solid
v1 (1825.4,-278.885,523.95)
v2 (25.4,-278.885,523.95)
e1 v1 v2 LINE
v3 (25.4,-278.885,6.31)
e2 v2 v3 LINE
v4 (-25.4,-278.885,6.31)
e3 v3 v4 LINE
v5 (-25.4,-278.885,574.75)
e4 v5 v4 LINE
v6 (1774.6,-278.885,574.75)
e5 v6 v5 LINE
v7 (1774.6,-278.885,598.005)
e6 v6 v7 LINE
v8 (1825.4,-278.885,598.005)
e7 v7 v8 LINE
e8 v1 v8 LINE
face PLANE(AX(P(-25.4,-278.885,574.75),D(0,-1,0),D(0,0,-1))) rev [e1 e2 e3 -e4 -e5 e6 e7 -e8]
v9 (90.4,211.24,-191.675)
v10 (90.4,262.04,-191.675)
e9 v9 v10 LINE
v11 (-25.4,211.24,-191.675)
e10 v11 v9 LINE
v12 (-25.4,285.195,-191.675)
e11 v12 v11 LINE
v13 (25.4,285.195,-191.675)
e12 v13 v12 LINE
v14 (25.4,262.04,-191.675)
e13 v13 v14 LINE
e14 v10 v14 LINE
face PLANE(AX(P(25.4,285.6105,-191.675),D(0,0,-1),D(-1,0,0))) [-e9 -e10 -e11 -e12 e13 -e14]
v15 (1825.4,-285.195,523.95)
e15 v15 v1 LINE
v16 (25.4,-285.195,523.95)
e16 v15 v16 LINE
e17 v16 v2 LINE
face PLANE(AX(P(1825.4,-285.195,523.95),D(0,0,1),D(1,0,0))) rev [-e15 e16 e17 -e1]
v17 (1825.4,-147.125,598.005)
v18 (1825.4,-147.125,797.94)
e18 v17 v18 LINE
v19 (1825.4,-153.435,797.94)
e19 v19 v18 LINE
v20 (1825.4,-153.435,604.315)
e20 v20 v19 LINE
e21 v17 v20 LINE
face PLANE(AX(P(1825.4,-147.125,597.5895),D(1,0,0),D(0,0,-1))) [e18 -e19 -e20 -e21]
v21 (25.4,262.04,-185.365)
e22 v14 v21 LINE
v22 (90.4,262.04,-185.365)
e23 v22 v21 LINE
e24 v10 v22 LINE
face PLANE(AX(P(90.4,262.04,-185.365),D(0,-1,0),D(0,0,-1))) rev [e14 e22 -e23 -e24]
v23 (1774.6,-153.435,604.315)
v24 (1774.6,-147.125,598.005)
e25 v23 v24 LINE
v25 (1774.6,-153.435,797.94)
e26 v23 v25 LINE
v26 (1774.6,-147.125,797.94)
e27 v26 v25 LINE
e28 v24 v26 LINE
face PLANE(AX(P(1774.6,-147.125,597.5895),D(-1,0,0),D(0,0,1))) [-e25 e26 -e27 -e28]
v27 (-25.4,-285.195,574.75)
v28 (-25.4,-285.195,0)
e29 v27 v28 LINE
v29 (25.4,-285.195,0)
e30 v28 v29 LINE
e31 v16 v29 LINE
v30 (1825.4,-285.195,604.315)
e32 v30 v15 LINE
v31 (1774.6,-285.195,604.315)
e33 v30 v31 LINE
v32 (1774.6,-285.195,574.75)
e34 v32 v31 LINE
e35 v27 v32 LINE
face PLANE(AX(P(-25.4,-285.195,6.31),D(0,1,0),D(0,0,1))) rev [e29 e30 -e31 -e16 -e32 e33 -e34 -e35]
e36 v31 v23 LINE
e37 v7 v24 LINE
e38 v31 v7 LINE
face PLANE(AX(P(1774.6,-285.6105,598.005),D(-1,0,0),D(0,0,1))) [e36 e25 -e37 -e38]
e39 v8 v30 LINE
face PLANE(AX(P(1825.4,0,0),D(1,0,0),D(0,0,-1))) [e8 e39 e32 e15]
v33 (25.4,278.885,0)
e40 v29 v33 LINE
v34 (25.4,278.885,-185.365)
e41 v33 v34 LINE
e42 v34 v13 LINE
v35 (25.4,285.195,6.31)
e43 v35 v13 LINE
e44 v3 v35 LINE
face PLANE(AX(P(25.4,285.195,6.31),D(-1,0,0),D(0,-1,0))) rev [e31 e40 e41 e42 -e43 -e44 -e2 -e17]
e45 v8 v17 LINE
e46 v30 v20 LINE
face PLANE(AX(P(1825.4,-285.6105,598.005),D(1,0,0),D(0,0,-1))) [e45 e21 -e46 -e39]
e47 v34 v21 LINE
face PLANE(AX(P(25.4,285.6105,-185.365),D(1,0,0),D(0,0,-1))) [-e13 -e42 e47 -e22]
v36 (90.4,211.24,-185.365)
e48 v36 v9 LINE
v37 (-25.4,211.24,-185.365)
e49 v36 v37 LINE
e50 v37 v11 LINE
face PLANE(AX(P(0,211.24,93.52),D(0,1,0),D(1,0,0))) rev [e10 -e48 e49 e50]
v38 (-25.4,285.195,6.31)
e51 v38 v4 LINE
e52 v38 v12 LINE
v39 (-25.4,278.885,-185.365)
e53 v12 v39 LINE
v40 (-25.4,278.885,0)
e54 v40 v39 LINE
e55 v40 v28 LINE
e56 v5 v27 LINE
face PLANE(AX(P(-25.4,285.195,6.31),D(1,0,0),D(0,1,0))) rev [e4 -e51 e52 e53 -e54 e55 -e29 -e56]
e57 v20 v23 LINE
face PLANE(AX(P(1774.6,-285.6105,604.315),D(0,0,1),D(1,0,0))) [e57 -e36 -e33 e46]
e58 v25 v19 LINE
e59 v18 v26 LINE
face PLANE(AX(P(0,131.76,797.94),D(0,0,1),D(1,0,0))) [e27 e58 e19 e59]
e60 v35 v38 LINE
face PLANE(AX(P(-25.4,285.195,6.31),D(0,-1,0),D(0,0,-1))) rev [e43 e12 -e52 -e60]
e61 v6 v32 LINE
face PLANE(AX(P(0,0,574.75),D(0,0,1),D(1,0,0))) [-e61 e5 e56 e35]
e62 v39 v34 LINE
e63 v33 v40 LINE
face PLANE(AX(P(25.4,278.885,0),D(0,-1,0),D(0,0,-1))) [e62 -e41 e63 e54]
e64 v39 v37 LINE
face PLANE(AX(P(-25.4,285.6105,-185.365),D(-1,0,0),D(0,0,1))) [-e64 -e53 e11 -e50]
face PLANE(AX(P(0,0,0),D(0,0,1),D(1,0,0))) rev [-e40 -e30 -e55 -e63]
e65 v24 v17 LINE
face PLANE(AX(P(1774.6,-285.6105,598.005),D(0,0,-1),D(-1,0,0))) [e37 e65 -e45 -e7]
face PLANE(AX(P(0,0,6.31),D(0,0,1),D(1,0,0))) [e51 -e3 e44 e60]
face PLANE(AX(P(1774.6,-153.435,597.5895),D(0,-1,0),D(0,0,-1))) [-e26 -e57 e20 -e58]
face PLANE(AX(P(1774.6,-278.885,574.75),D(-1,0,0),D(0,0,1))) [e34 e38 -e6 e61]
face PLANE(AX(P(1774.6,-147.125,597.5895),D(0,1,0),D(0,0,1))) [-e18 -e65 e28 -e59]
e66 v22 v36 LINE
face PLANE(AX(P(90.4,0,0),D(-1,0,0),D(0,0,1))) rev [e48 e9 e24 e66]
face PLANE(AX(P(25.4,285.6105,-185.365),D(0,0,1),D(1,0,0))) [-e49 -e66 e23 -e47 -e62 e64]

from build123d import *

# Parameters (mm, degrees)
CROQUIS2_W              = 50.8
CROQUIS2_H              = 570.39
SALIENTE_EXTRUIR1_DEPTH = 6.31
CROQUIS3_W              = 50.8
CROQUIS3_H              = 6.31
SALIENTE_EXTRUIR2_DEPTH = 568.44
CROQUIS4_W              = 50.8
CROQUIS4_H              = 6.31
SALIENTE_EXTRUIR3_DEPTH = 1800
CROQUIS6_W              = 50.8
CROQUIS6_H              = 6.31
CROQUIS9_W              = 50.8
CROQUIS9_H              = 6.31
CROQUIS10_W             = 6.31
CROQUIS10_H             = 50.8
SALIENTE_EXTRUIR4_DEPTH = 65


with BuildPart() as part:
    # Croquis2 → Saliente-Extruir1 (new body)
    with BuildSketch(Plane.XY):
        Rectangle(CROQUIS2_W, CROQUIS2_H)
    extrude(amount=SALIENTE_EXTRUIR1_DEPTH)

    # Croquis3 → Saliente-Extruir2 (add)
    with BuildSketch(Plane.XY.offset(6.31)):
        with Locations((0, -282.04)):
            Rectangle(CROQUIS3_W, CROQUIS3_H)
    extrude(amount=SALIENTE_EXTRUIR2_DEPTH)

    # Croquis4 → Saliente-Extruir3 (add)
    with BuildSketch(Plane(origin=(25.4, 0, 0), x_dir=(0, 0, -1), z_dir=(1, 0, 0))):
        with Locations((-549.35, -282.04)):
            Rectangle(CROQUIS4_W, CROQUIS4_H)
    extrude(amount=SALIENTE_EXTRUIR3_DEPTH)

    # Barrer1: sweep along a curve in space
    with BuildLine() as barrer1_path:
        Line((0, 282.04, 0), (0, 282.04, -188.52))
        Line((0, 282.04, -188.52), (0, 211.24, -188.52))
    # Croquis6 → Barrer1 (sweep)
    with BuildSketch(Plane(origin=(0, 0, 0), x_dir=(-1, 0, 0), z_dir=(0, 0, -1))):
        with Locations((0, 282.04)):
            Rectangle(CROQUIS6_W, CROQUIS6_H)
    sweep(path=barrer1_path.line, transition=Transition.RIGHT)

    # Barrer2: sweep along a curve in space
    with BuildLine() as barrer2_path:
        Line((1800, -282.04, 574.75), (1800, -282.04, 601.16))
        Line((1800, -282.04, 601.16), (1800, -150.28, 601.16))
        Line((1800, -150.28, 601.16), (1800, -150.28, 797.94))
    # Croquis9 → Barrer2 (sweep)
    with BuildSketch(Plane.XY.offset(574.75)):
        with Locations((1800, -282.04)):
            Rectangle(CROQUIS9_W, CROQUIS9_H)
    sweep(path=barrer2_path.line, transition=Transition.RIGHT)

    # Croquis10 → Saliente-Extruir4 (add)
    with BuildSketch(Plane(origin=(25.4, 0, 0), x_dir=(0, 0, -1), z_dir=(1, 0, 0))):
        with Locations((188.52, 236.64)):
            Rectangle(CROQUIS10_W, CROQUIS10_H)
    extrude(amount=SALIENTE_EXTRUIR4_DEPTH)


solid = part.part
